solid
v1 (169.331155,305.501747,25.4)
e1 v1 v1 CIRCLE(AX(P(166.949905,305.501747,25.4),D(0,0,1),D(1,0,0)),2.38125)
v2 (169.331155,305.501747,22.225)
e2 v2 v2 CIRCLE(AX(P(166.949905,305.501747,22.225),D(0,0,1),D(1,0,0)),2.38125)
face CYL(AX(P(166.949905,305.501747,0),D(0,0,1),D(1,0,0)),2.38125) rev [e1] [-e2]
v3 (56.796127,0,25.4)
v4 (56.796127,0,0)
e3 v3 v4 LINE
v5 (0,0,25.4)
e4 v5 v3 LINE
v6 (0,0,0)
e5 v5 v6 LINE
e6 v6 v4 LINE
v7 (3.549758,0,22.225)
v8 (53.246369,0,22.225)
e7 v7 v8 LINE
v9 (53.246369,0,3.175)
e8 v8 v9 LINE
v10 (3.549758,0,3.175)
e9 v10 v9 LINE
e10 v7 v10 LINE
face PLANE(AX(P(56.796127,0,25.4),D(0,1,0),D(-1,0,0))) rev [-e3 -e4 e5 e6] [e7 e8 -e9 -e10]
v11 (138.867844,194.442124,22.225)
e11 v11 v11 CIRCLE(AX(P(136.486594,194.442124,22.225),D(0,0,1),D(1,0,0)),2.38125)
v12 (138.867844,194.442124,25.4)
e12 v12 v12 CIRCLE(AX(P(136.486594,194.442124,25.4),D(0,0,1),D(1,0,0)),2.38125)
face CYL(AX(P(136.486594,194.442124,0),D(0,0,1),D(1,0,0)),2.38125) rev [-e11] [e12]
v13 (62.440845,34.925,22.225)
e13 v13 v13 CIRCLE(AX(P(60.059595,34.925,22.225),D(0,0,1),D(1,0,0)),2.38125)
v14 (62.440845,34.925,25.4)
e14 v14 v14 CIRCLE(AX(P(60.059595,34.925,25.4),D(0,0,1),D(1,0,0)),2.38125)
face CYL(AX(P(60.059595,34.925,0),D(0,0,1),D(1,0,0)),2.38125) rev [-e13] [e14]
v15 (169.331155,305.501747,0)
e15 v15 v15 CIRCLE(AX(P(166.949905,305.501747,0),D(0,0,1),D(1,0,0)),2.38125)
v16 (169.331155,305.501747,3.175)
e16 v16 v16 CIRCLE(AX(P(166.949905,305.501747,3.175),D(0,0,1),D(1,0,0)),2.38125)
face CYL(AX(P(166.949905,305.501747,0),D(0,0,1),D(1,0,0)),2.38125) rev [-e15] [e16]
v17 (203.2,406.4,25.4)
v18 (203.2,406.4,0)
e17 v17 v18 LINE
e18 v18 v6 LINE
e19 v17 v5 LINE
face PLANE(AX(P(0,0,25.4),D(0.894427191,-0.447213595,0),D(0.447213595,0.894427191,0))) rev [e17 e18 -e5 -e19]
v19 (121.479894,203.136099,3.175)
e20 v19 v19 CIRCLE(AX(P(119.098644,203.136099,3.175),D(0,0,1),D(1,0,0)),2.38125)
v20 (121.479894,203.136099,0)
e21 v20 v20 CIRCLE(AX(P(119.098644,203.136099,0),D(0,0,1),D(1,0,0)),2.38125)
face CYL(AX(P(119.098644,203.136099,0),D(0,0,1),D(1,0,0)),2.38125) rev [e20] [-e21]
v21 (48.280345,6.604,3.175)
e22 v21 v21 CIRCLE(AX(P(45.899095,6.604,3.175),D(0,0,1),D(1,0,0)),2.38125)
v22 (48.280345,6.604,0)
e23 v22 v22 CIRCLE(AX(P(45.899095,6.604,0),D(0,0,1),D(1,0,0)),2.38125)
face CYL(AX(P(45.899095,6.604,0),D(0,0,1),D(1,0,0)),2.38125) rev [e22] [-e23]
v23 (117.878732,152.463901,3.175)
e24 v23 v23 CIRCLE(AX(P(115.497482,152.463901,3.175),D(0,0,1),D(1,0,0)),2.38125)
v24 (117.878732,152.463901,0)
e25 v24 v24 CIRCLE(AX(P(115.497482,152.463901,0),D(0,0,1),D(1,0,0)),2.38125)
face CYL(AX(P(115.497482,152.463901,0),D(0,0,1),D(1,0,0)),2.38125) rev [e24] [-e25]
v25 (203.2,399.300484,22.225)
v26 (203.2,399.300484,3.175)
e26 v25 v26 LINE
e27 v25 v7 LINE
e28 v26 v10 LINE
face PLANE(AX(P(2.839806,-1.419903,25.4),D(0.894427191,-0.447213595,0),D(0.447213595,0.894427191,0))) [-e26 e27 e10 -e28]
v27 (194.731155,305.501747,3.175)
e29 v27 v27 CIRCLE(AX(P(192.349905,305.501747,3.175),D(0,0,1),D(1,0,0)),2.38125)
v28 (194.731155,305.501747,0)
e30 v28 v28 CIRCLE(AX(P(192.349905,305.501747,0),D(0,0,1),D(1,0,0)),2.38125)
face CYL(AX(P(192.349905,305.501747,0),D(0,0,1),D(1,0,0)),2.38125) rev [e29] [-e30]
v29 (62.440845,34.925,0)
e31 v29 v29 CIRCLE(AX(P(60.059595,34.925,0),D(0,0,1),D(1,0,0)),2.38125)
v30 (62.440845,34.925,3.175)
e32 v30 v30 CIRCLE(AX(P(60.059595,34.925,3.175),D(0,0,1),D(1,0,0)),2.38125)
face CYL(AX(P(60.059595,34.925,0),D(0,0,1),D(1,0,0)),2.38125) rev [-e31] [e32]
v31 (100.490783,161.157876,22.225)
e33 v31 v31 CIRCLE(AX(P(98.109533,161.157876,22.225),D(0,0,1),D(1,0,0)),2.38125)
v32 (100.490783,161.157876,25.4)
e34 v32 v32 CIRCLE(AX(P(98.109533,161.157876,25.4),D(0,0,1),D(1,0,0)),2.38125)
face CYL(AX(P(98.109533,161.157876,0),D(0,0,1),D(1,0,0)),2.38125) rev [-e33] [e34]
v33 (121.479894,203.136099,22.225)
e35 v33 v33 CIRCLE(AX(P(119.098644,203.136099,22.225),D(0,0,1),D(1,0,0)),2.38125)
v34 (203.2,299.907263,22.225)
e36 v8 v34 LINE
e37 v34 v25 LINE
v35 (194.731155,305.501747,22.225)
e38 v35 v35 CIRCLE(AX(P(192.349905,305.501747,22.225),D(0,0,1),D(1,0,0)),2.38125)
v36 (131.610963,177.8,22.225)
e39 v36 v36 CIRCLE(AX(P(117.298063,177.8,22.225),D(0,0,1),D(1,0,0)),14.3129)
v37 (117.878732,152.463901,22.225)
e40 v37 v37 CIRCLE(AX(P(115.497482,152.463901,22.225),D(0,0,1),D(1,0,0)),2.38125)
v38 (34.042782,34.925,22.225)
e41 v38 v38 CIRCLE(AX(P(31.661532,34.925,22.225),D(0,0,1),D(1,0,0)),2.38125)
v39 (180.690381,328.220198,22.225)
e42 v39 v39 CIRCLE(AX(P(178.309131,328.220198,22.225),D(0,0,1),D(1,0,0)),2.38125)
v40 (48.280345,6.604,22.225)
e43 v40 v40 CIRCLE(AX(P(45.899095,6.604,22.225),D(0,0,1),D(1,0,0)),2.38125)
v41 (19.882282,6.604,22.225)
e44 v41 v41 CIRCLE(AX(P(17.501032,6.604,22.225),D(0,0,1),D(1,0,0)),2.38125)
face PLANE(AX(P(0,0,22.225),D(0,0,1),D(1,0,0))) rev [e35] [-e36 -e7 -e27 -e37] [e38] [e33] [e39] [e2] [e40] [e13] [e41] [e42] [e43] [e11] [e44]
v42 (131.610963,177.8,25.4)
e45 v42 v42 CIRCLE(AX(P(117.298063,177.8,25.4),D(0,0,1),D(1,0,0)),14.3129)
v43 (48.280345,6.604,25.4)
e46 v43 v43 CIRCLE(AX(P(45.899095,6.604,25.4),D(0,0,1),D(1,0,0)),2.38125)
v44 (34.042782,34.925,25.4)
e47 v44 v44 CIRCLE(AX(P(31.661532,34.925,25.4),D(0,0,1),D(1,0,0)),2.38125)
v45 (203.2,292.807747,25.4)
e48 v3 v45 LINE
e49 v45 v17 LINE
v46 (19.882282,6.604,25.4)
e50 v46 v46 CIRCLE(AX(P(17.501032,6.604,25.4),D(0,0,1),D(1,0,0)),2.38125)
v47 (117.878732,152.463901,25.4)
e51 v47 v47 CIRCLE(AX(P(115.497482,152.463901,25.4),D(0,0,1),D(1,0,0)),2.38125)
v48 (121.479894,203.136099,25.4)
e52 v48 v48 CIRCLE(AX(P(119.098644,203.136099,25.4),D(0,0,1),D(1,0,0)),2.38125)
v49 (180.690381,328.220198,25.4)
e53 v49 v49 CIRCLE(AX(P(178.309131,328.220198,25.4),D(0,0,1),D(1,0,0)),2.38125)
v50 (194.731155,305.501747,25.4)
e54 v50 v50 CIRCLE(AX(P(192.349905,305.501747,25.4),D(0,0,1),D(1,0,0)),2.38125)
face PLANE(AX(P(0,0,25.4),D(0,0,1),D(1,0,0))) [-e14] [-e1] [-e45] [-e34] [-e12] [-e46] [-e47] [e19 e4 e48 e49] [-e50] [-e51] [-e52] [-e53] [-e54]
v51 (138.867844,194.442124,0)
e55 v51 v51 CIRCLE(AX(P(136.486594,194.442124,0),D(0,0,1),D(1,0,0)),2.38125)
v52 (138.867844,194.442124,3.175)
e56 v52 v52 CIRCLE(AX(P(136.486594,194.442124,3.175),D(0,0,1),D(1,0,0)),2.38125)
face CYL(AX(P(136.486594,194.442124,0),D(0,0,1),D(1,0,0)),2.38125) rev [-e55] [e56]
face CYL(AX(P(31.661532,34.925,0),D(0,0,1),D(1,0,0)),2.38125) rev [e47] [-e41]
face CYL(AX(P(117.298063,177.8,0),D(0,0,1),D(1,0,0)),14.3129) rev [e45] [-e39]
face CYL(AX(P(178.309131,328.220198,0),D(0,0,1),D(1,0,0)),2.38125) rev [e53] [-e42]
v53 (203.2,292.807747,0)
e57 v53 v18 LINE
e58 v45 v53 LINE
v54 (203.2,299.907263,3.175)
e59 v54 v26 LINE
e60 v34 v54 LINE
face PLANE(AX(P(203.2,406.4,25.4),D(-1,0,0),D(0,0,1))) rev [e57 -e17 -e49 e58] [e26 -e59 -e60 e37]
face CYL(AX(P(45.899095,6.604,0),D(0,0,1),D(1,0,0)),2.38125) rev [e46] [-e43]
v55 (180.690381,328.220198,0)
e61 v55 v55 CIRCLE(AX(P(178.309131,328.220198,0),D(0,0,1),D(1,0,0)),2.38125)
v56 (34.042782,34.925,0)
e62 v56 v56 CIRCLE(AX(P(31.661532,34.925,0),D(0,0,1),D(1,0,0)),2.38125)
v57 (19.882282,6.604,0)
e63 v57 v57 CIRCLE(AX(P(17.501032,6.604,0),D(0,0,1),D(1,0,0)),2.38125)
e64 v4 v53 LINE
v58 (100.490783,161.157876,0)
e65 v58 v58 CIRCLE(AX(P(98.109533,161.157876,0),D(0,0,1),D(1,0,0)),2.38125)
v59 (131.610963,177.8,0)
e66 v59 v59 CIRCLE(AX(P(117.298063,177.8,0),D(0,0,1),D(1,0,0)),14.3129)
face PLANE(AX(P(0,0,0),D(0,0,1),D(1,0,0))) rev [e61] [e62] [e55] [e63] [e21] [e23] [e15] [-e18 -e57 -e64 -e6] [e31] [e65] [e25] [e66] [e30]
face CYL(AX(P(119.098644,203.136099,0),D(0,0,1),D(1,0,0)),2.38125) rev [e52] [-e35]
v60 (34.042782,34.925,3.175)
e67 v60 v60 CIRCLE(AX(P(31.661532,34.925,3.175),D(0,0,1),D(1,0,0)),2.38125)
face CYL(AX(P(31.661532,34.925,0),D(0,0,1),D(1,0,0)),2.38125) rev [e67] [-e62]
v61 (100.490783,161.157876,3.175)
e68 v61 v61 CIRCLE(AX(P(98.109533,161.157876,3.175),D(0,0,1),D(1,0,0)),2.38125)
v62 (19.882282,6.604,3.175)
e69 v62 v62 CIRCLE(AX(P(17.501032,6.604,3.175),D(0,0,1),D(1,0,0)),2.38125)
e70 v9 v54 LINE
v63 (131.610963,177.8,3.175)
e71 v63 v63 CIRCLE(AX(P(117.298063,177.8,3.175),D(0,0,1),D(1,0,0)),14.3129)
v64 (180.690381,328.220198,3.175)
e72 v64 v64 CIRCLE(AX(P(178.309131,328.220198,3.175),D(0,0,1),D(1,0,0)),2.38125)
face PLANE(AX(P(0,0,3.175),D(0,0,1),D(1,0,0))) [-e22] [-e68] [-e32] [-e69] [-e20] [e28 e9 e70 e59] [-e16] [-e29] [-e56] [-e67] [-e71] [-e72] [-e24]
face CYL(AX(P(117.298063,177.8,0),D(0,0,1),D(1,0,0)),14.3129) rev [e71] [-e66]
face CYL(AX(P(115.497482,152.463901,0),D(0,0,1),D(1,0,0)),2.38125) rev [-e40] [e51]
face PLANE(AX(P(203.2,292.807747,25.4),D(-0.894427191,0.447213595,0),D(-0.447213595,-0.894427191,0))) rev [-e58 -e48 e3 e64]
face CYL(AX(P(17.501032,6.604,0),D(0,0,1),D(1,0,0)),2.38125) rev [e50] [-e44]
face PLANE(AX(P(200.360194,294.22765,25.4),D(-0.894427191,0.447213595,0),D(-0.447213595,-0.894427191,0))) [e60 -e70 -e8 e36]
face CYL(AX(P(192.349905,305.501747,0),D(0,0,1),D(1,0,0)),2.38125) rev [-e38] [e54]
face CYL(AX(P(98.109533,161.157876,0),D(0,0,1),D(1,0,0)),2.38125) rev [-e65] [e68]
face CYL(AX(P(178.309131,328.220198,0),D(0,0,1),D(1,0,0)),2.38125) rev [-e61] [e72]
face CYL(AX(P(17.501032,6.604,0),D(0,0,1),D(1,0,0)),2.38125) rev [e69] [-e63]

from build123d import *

# Parameters (mm, degrees)
BOSS_EXTRUDE1_DEPTH = 25.4
SHELL1_T            = -3.175
SKETCH2_R           = 14.3129
CUT_EXTRUDE1_DEPTH  = 456.078410826
SKETCH3_R           = 2.38125
CUT_EXTRUDE2_DEPTH  = 456.078410826
SKETCH4_R           = 2.38125
CUT_EXTRUDE3_DEPTH  = 456.078410826


with BuildPart() as part:
    # Sketch1 → Boss-Extrude1 (new body)
    with BuildSketch(Plane.XY):
        Polygon((0, 0), (203.2, 406.4), (203.2, 292.807746743), (56.796126628, 0), align=None)
    extrude(amount=BOSS_EXTRUDE1_DEPTH)

    # Shell1
    shell1_openings = [part.faces().sort_by_distance(p)[0] for p in [
        (203.2, 349.603873372, 12.7),
        (28.398063314, 0, 12.7),
    ]]
    offset(amount=SHELL1_T, openings=shell1_openings, kind=Kind.INTERSECTION)

    # Sketch2 → Cut-Extrude1 (cut, through all)
    with BuildSketch(Plane.XY.offset(25.4)):
        with Locations((117.298063314, 177.8)):
            Circle(SKETCH2_R)
    extrude(amount=-CUT_EXTRUDE1_DEPTH, mode=Mode.SUBTRACT)

    # Sketch3 → Cut-Extrude2 (cut, through all)
    with BuildSketch(Plane.XY.offset(25.4)):
        with Locations((119.098644425, 203.136098904)):
            Circle(SKETCH3_R)
        with Locations((136.486593771, 194.442124231)):
            Circle(SKETCH3_R)
        with Locations((98.109532857, 161.157875769)):
            Circle(SKETCH3_R)
        with Locations((115.497482204, 152.463901096)):
            Circle(SKETCH3_R)
    extrude(amount=-CUT_EXTRUDE2_DEPTH, mode=Mode.SUBTRACT)

    # Sketch4 → Cut-Extrude3 (cut, through all)
    with BuildSketch(Plane.XY.offset(25.4)):
        with Locations((17.501031657, 6.604)):
            Circle(SKETCH4_R)
        with Locations((45.899094971, 6.604)):
            Circle(SKETCH4_R)
        with Locations((31.661531657, 34.925)):
            Circle(SKETCH4_R)
        with Locations((60.059594971, 34.925)):
            Circle(SKETCH4_R)
        with Locations((166.949905286, 305.501747258)):
            Circle(SKETCH4_R)
        with Locations((178.309130612, 328.22019791)):
            Circle(SKETCH4_R)
        with Locations((192.349905286, 305.501747258)):
            Circle(SKETCH4_R)
    extrude(amount=-CUT_EXTRUDE3_DEPTH, mode=Mode.SUBTRACT)


solid = part.part
